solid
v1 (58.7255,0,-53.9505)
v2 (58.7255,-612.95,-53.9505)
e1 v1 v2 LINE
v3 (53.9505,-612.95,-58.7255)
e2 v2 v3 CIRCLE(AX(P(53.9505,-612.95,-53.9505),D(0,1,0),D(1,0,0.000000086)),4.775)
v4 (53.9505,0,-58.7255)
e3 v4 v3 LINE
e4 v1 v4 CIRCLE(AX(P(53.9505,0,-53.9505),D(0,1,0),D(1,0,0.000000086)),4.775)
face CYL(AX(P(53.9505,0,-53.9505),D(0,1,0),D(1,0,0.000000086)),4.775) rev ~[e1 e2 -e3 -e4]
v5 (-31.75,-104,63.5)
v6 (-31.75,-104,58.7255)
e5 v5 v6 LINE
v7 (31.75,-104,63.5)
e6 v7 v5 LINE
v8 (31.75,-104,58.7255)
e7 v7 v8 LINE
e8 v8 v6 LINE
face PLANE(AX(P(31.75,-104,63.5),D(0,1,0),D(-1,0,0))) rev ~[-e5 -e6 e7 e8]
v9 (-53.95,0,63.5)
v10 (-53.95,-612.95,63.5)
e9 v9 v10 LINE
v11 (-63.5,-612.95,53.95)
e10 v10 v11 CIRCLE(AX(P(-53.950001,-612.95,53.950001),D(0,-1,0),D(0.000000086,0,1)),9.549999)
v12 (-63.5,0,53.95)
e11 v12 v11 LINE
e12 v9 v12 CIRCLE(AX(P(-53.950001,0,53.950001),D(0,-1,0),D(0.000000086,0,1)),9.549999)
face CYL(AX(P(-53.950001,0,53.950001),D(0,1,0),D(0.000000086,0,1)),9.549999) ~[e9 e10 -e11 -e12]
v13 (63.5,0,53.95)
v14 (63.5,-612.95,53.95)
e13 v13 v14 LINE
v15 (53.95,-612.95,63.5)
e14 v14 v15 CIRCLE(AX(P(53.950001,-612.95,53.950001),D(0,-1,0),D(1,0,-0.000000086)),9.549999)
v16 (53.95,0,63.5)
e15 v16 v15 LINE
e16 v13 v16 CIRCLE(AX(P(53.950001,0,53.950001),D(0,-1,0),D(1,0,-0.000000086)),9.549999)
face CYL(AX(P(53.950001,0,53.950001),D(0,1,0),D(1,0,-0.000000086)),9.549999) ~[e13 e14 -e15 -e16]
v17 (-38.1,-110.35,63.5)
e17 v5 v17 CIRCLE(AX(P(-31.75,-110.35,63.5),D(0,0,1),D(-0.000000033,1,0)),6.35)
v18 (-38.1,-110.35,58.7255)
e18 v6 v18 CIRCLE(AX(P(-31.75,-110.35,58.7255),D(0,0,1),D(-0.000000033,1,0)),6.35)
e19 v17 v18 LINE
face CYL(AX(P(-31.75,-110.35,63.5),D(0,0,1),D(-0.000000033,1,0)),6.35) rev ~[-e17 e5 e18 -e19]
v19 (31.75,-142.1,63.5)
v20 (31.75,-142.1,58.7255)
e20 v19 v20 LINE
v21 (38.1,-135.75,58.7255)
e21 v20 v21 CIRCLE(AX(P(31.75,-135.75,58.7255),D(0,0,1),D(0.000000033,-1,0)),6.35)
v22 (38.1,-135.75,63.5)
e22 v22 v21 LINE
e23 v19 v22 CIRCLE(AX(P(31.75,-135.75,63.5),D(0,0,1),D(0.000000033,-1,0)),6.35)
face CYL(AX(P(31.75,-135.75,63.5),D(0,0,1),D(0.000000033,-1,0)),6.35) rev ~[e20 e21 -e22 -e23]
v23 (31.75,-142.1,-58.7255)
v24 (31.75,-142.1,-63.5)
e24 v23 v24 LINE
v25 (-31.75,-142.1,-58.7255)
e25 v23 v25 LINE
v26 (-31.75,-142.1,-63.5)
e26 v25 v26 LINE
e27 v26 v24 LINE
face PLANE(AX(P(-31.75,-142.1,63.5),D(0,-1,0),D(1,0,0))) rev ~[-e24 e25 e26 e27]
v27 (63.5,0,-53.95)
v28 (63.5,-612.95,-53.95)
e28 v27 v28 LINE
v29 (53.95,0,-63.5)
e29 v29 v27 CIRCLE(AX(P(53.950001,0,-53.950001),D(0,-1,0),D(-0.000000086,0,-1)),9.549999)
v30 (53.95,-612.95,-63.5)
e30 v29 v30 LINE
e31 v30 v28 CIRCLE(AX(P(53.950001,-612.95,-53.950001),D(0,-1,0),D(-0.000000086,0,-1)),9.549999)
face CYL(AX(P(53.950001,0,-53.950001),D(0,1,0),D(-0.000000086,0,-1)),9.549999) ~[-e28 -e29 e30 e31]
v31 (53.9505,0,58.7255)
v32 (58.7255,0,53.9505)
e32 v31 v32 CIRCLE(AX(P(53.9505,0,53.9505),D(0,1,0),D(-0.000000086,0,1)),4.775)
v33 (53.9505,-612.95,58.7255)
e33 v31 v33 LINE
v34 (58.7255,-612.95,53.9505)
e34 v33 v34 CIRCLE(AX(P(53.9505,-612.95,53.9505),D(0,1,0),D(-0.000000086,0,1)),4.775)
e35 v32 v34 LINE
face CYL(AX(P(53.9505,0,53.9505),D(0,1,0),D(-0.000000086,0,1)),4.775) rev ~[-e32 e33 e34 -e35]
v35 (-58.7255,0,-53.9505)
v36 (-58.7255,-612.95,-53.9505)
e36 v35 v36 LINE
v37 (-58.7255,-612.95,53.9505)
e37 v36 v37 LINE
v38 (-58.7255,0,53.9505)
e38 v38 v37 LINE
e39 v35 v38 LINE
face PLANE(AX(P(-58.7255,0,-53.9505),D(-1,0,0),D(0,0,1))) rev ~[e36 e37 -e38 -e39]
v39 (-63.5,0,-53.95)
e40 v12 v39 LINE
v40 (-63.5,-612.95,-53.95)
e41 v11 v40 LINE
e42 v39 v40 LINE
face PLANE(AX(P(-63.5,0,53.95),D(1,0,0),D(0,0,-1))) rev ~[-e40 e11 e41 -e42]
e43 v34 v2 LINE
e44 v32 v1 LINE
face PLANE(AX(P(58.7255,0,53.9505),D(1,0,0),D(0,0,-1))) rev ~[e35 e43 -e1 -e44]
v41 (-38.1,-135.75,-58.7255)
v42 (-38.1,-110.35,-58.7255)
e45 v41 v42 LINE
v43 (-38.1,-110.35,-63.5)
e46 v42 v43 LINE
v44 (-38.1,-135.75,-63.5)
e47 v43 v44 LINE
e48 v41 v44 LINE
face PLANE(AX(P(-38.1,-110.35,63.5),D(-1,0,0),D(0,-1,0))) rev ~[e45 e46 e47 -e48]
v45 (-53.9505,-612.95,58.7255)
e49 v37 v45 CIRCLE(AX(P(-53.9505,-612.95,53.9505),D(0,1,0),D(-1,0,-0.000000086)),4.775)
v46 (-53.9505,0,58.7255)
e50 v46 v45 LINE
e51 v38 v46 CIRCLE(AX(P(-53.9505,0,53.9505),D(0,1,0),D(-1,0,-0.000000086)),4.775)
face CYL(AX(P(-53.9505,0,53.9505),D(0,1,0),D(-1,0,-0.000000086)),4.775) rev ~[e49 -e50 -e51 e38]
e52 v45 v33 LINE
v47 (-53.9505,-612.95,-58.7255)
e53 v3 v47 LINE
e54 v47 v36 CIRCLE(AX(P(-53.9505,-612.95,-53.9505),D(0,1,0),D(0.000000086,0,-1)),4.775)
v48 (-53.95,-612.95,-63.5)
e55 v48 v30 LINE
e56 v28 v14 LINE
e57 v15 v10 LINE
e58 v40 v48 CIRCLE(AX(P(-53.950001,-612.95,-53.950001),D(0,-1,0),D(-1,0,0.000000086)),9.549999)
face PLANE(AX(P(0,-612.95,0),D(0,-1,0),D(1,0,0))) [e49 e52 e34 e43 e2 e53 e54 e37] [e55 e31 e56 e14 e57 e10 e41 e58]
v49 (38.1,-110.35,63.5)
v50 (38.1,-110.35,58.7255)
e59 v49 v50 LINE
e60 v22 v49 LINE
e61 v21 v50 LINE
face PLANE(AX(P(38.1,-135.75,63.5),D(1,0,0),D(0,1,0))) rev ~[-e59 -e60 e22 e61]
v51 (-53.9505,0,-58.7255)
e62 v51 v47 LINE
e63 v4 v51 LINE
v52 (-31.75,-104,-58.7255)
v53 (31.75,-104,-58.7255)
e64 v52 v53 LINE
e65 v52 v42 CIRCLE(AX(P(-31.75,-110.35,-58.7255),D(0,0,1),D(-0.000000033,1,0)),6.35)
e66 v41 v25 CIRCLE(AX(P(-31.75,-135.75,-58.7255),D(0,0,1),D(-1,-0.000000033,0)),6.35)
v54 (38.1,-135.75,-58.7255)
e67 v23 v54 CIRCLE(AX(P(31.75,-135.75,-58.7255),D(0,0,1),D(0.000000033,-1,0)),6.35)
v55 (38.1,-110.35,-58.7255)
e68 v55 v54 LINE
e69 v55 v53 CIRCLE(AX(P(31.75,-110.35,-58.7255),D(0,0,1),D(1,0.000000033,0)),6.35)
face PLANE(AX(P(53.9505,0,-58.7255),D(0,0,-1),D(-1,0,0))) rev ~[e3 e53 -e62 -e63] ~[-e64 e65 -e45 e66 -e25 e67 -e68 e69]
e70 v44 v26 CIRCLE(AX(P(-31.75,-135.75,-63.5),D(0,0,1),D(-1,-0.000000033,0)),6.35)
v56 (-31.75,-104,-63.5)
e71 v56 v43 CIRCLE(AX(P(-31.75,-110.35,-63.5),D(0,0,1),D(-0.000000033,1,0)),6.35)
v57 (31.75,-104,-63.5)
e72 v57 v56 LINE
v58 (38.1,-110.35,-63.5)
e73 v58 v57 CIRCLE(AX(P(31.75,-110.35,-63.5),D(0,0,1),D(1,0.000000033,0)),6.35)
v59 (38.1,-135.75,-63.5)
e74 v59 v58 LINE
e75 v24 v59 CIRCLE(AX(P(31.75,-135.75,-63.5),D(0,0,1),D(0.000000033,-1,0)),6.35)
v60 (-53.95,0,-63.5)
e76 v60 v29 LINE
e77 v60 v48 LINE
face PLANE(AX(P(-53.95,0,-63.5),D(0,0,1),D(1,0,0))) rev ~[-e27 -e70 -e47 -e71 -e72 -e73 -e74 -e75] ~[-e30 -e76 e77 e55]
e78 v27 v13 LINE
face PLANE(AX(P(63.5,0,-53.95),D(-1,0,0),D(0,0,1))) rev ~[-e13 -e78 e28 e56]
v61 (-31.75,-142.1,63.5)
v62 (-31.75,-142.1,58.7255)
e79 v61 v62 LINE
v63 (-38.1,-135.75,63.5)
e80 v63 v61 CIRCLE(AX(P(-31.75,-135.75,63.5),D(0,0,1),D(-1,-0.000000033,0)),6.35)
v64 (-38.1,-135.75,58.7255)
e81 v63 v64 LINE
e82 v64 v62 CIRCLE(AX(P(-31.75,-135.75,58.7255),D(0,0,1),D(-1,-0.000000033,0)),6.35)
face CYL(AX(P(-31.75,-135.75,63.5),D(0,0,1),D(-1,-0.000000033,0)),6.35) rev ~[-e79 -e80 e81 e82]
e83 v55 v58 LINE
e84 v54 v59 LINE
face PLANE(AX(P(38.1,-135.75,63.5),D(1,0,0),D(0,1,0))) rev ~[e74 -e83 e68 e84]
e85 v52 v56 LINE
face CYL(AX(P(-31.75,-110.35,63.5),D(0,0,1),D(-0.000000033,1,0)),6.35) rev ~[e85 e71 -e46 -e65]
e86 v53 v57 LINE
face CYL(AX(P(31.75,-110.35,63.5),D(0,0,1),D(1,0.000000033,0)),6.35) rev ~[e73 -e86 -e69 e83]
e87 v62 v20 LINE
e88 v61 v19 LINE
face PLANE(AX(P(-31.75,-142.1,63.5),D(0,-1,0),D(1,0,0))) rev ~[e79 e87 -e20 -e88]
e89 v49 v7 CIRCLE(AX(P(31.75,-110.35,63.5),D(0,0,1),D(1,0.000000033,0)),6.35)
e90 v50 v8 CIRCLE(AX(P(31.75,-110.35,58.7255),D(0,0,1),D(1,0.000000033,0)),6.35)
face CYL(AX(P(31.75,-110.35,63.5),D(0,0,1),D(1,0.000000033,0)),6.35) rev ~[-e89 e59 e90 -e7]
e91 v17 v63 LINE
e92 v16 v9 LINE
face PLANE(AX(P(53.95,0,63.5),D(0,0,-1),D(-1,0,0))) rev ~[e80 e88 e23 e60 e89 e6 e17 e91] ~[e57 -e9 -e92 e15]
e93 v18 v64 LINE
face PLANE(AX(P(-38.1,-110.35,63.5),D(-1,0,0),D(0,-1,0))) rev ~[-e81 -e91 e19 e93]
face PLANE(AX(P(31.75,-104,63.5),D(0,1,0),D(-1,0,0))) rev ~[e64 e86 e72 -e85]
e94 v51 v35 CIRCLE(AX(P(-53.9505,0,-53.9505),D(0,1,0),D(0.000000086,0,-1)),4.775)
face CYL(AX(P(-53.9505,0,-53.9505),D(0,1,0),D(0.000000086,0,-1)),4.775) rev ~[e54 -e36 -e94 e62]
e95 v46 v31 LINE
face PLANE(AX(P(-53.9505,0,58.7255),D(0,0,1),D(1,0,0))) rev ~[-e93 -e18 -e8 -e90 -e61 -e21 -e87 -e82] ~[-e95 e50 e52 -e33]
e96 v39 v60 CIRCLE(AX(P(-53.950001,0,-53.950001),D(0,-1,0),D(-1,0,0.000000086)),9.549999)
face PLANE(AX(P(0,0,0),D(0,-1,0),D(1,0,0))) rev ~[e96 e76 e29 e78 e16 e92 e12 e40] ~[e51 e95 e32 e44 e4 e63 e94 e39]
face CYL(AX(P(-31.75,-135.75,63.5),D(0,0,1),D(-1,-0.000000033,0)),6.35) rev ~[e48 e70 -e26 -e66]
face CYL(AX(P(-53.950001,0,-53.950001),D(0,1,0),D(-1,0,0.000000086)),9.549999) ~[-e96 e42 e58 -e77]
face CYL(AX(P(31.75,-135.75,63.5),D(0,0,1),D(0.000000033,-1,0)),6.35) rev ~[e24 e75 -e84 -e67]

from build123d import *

# Parameters (mm, degrees)
F1_DEPTH = 612.95
F3_DEPTH = 127.001


with BuildPart() as f1:
    # F0 (on Front) → F1 (new body)
    with BuildSketch(Plane.XZ):
        with BuildLine():
            Line((-53.95, -63.5), (53.95, -63.5))
            ThreePointArc((53.95, -63.5), (60.70287, -60.70287), (63.5, -53.95))
            Line((63.5, -53.95), (63.5, 53.95))
            ThreePointArc((63.5, 53.95), (60.70287, 60.70287), (53.95, 63.5))
            Line((53.95, 63.5), (-53.95, 63.5))
            ThreePointArc((-53.95, 63.5), (-60.70287, 60.70287), (-63.5, 53.95))
            Line((-63.5, 53.95), (-63.5, -53.95))
            ThreePointArc((-63.5, -53.95), (-60.70287, -60.70287), (-53.95, -63.5))
        make_face()
        with BuildLine():
            ThreePointArc((58.7255, -53.9505), (57.326935, -57.326935), (53.9505, -58.7255))
            Line((53.9505, -58.7255), (-53.9505, -58.7255))
            ThreePointArc((-53.9505, -58.7255), (-57.326935, -57.326935), (-58.7255, -53.9505))
            Line((-58.7255, -53.9505), (-58.7255, 53.9505))
            ThreePointArc((-58.7255, 53.9505), (-57.326935, 57.326935), (-53.9505, 58.7255))
            Line((-53.9505, 58.7255), (53.9505, 58.7255))
            ThreePointArc((53.9505, 58.7255), (57.326935, 57.326935), (58.7255, 53.9505))
            Line((58.7255, 53.9505), (58.7255, -53.9505))
        make_face(mode=Mode.SUBTRACT)
    extrude(amount=F1_DEPTH)

    # F2 (on face) → F3 (cut, through all)
    with BuildSketch(Plane.XY.offset(63.5)):
        with BuildLine():
            Line((-31.75, -142.1), (31.75, -142.1))
            ThreePointArc((31.75, -142.1), (36.240128, -140.240128), (38.1, -135.75))
            Line((38.1, -135.75), (38.1, -110.35))
            ThreePointArc((38.1, -110.35), (36.240128, -105.859872), (31.75, -104))
            Line((31.75, -104), (-31.75, -104))
            ThreePointArc((-31.75, -104), (-36.240128, -105.859872), (-38.1, -110.35))
            Line((-38.1, -110.35), (-38.1, -135.75))
            ThreePointArc((-38.1, -135.75), (-36.240128, -140.240128), (-31.75, -142.1))
        make_face()
    extrude(amount=-F3_DEPTH, mode=Mode.SUBTRACT)


solid = f1.part
